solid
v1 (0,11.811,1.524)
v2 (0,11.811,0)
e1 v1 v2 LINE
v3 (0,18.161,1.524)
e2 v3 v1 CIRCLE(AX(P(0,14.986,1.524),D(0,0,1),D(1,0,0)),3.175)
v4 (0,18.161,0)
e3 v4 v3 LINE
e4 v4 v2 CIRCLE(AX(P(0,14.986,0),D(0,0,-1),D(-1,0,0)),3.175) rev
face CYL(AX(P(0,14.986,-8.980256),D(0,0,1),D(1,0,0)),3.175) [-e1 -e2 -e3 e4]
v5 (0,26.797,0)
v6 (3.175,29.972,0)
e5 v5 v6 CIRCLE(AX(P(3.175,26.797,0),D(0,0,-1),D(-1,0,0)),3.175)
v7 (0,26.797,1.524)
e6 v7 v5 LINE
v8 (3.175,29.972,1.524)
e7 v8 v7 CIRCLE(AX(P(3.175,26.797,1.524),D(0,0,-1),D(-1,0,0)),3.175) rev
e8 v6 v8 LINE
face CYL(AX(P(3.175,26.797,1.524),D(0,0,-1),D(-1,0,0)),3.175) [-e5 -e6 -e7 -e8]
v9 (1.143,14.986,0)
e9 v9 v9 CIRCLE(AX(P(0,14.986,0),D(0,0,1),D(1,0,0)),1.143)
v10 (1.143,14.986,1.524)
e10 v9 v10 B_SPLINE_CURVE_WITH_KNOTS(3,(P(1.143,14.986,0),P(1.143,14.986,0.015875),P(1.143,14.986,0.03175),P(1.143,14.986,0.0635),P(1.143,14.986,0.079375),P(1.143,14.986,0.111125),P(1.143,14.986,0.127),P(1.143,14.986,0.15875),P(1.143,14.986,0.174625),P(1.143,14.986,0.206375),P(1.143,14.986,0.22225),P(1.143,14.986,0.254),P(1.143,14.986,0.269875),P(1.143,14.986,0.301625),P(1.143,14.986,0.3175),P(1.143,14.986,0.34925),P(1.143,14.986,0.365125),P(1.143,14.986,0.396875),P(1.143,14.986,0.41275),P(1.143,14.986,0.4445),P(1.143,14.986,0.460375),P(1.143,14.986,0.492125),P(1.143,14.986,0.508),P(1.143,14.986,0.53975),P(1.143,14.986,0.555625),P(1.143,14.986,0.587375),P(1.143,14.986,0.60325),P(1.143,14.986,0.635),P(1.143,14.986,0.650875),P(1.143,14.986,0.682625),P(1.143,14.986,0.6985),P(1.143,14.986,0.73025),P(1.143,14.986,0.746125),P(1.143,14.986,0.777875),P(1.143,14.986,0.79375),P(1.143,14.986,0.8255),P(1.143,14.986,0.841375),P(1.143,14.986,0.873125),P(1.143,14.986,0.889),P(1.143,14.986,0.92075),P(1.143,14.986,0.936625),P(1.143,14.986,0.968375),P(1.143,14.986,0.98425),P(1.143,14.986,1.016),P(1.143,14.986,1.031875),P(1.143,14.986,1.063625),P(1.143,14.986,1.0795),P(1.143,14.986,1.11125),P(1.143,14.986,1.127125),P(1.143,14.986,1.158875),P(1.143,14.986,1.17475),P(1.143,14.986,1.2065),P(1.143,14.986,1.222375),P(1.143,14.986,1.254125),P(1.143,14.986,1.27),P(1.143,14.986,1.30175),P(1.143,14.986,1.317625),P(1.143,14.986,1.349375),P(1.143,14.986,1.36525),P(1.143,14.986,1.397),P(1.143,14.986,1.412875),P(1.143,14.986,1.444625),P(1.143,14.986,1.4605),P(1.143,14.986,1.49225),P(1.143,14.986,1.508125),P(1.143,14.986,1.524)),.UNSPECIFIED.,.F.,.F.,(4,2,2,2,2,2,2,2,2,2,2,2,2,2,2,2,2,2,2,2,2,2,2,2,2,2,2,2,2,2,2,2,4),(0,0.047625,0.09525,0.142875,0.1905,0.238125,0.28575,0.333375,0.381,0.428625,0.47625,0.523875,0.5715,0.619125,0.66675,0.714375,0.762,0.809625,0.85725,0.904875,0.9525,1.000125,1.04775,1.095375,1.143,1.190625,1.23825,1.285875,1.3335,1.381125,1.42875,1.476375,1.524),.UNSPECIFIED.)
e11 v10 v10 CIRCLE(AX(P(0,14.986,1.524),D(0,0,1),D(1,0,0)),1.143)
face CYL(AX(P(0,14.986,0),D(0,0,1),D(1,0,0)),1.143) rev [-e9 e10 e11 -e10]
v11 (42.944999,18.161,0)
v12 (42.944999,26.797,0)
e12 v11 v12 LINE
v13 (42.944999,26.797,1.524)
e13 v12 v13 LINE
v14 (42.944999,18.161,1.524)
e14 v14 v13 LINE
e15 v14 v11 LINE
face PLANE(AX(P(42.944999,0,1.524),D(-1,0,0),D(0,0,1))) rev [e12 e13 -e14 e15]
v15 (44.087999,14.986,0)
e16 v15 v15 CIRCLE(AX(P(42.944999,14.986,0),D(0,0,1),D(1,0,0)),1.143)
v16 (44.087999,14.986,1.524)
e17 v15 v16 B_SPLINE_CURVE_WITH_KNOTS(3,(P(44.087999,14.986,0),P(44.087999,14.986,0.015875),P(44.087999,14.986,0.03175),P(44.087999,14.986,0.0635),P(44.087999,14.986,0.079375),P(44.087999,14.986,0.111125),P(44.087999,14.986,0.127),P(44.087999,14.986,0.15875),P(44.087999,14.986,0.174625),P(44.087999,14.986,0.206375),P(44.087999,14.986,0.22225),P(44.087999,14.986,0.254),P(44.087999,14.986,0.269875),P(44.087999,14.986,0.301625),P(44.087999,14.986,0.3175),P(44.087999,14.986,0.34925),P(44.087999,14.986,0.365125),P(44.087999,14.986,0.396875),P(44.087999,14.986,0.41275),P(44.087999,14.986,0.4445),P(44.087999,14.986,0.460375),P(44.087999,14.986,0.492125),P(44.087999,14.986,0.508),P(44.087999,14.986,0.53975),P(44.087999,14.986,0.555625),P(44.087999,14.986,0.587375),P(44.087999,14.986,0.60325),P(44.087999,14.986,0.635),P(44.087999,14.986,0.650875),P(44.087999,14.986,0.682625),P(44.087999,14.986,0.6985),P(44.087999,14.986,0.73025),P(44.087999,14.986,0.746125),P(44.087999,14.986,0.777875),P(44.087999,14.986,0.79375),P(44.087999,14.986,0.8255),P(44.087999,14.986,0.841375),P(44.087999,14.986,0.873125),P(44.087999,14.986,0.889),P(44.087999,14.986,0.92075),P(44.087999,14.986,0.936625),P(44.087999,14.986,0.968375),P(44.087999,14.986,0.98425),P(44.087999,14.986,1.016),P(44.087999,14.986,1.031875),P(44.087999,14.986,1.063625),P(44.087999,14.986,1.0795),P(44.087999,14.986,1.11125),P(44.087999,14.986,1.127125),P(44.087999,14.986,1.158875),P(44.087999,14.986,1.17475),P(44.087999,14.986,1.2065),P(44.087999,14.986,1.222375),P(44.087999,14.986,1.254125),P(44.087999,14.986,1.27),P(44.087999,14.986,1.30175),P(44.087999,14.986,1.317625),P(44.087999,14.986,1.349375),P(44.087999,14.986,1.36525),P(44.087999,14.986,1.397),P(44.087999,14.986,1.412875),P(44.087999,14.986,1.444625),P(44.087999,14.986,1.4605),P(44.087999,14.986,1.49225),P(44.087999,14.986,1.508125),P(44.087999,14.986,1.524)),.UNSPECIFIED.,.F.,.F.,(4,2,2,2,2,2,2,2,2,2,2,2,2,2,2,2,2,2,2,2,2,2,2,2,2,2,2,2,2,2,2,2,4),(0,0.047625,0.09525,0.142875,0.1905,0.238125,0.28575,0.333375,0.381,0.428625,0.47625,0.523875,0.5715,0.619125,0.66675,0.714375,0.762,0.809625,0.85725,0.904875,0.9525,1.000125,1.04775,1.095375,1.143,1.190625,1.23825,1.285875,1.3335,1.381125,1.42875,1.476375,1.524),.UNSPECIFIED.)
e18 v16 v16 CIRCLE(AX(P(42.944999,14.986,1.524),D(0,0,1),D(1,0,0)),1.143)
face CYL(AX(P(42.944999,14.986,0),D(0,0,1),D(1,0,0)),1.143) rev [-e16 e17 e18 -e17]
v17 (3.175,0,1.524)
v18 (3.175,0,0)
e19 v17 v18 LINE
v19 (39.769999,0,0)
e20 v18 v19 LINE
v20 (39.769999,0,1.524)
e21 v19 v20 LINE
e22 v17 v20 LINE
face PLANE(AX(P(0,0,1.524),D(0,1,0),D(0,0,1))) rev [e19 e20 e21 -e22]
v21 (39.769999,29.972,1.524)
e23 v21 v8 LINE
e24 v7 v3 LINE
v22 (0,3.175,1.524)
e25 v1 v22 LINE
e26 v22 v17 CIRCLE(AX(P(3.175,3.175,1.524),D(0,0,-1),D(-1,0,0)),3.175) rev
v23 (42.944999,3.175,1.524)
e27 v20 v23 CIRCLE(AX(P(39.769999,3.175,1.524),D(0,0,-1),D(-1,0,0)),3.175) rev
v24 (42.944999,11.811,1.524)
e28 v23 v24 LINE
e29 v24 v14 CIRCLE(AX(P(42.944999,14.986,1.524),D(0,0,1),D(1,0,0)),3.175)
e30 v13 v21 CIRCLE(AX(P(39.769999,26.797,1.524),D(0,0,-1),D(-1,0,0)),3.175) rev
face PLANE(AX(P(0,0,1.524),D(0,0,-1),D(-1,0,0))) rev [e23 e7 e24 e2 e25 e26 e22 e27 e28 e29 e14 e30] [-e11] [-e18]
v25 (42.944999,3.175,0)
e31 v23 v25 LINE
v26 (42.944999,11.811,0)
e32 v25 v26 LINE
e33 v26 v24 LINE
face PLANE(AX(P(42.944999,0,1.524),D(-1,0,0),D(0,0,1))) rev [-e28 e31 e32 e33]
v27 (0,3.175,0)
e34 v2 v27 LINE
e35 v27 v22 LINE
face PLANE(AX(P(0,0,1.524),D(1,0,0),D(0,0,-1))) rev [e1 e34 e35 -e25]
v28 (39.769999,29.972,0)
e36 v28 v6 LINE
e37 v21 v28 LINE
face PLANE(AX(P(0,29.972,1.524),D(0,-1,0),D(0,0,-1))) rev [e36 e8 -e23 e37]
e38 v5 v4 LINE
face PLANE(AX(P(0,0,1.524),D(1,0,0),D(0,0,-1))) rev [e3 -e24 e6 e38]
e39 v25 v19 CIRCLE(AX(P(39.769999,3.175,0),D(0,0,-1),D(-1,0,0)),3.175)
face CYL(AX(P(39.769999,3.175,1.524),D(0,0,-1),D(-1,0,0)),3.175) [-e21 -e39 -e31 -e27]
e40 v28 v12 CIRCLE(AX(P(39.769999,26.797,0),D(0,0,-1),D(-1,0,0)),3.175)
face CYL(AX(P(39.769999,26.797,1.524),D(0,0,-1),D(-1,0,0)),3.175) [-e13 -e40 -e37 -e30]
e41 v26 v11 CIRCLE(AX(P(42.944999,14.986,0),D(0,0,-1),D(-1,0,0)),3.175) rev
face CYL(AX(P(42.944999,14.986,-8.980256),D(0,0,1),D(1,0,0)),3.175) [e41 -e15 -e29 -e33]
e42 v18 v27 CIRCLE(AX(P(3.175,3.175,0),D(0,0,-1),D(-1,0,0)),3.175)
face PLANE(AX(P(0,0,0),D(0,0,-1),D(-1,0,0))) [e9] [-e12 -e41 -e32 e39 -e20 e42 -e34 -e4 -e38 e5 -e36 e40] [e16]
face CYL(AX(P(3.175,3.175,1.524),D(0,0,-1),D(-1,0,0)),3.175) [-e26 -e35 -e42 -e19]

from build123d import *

# Parameters (mm, degrees)
SKETCH1_W           = 42.9449992
SKETCH1_H           = 29.972
BOSS_EXTRUDE1_DEPTH = 1.524
SKETCH2_R           = 3.175
BOSS_EXTRUDE2_DEPTH = 1.524
SKETCH3_R           = 1.143
CUT_EXTRUDE1_DEPTH  = 56.024518955
FILLET1_R           = 3.175


with BuildPart() as part:
    # Sketch1 → Boss-Extrude1 (new body)
    with BuildSketch(Plane.XY):
        with Locations((21.4724996, 14.986)):
            Rectangle(SKETCH1_W, SKETCH1_H)
    extrude(amount=BOSS_EXTRUDE1_DEPTH)

    # Sketch2 → Boss-Extrude2 (add)
    with BuildSketch(Plane.XY.offset(1.524)):
        with Locations((0, 14.986)):
            Circle(SKETCH2_R)
        with Locations((42.9449992, 14.986)):
            Circle(SKETCH2_R)
    extrude(amount=-BOSS_EXTRUDE2_DEPTH)

    # Sketch3 → Cut-Extrude1 (cut, through all)
    with BuildSketch(Plane.XY.offset(1.524)):
        with Locations((0, 14.986)):
            Circle(SKETCH3_R)
        with Locations((42.9449992, 14.986)):
            Circle(SKETCH3_R)
    extrude(amount=-CUT_EXTRUDE1_DEPTH, mode=Mode.SUBTRACT)

    # Fillet1
    fillet1_edges = [part.edges().sort_by_distance(p)[0] for p in [
        (0, 29.972, 0.762),
        (42.9449992, 29.972, 0.762),
        (42.9449992, 0, 0.762),
        (0, 0, 0.762),
    ]]
    fillet(fillet1_edges, radius=FILLET1_R)


solid = part.part
